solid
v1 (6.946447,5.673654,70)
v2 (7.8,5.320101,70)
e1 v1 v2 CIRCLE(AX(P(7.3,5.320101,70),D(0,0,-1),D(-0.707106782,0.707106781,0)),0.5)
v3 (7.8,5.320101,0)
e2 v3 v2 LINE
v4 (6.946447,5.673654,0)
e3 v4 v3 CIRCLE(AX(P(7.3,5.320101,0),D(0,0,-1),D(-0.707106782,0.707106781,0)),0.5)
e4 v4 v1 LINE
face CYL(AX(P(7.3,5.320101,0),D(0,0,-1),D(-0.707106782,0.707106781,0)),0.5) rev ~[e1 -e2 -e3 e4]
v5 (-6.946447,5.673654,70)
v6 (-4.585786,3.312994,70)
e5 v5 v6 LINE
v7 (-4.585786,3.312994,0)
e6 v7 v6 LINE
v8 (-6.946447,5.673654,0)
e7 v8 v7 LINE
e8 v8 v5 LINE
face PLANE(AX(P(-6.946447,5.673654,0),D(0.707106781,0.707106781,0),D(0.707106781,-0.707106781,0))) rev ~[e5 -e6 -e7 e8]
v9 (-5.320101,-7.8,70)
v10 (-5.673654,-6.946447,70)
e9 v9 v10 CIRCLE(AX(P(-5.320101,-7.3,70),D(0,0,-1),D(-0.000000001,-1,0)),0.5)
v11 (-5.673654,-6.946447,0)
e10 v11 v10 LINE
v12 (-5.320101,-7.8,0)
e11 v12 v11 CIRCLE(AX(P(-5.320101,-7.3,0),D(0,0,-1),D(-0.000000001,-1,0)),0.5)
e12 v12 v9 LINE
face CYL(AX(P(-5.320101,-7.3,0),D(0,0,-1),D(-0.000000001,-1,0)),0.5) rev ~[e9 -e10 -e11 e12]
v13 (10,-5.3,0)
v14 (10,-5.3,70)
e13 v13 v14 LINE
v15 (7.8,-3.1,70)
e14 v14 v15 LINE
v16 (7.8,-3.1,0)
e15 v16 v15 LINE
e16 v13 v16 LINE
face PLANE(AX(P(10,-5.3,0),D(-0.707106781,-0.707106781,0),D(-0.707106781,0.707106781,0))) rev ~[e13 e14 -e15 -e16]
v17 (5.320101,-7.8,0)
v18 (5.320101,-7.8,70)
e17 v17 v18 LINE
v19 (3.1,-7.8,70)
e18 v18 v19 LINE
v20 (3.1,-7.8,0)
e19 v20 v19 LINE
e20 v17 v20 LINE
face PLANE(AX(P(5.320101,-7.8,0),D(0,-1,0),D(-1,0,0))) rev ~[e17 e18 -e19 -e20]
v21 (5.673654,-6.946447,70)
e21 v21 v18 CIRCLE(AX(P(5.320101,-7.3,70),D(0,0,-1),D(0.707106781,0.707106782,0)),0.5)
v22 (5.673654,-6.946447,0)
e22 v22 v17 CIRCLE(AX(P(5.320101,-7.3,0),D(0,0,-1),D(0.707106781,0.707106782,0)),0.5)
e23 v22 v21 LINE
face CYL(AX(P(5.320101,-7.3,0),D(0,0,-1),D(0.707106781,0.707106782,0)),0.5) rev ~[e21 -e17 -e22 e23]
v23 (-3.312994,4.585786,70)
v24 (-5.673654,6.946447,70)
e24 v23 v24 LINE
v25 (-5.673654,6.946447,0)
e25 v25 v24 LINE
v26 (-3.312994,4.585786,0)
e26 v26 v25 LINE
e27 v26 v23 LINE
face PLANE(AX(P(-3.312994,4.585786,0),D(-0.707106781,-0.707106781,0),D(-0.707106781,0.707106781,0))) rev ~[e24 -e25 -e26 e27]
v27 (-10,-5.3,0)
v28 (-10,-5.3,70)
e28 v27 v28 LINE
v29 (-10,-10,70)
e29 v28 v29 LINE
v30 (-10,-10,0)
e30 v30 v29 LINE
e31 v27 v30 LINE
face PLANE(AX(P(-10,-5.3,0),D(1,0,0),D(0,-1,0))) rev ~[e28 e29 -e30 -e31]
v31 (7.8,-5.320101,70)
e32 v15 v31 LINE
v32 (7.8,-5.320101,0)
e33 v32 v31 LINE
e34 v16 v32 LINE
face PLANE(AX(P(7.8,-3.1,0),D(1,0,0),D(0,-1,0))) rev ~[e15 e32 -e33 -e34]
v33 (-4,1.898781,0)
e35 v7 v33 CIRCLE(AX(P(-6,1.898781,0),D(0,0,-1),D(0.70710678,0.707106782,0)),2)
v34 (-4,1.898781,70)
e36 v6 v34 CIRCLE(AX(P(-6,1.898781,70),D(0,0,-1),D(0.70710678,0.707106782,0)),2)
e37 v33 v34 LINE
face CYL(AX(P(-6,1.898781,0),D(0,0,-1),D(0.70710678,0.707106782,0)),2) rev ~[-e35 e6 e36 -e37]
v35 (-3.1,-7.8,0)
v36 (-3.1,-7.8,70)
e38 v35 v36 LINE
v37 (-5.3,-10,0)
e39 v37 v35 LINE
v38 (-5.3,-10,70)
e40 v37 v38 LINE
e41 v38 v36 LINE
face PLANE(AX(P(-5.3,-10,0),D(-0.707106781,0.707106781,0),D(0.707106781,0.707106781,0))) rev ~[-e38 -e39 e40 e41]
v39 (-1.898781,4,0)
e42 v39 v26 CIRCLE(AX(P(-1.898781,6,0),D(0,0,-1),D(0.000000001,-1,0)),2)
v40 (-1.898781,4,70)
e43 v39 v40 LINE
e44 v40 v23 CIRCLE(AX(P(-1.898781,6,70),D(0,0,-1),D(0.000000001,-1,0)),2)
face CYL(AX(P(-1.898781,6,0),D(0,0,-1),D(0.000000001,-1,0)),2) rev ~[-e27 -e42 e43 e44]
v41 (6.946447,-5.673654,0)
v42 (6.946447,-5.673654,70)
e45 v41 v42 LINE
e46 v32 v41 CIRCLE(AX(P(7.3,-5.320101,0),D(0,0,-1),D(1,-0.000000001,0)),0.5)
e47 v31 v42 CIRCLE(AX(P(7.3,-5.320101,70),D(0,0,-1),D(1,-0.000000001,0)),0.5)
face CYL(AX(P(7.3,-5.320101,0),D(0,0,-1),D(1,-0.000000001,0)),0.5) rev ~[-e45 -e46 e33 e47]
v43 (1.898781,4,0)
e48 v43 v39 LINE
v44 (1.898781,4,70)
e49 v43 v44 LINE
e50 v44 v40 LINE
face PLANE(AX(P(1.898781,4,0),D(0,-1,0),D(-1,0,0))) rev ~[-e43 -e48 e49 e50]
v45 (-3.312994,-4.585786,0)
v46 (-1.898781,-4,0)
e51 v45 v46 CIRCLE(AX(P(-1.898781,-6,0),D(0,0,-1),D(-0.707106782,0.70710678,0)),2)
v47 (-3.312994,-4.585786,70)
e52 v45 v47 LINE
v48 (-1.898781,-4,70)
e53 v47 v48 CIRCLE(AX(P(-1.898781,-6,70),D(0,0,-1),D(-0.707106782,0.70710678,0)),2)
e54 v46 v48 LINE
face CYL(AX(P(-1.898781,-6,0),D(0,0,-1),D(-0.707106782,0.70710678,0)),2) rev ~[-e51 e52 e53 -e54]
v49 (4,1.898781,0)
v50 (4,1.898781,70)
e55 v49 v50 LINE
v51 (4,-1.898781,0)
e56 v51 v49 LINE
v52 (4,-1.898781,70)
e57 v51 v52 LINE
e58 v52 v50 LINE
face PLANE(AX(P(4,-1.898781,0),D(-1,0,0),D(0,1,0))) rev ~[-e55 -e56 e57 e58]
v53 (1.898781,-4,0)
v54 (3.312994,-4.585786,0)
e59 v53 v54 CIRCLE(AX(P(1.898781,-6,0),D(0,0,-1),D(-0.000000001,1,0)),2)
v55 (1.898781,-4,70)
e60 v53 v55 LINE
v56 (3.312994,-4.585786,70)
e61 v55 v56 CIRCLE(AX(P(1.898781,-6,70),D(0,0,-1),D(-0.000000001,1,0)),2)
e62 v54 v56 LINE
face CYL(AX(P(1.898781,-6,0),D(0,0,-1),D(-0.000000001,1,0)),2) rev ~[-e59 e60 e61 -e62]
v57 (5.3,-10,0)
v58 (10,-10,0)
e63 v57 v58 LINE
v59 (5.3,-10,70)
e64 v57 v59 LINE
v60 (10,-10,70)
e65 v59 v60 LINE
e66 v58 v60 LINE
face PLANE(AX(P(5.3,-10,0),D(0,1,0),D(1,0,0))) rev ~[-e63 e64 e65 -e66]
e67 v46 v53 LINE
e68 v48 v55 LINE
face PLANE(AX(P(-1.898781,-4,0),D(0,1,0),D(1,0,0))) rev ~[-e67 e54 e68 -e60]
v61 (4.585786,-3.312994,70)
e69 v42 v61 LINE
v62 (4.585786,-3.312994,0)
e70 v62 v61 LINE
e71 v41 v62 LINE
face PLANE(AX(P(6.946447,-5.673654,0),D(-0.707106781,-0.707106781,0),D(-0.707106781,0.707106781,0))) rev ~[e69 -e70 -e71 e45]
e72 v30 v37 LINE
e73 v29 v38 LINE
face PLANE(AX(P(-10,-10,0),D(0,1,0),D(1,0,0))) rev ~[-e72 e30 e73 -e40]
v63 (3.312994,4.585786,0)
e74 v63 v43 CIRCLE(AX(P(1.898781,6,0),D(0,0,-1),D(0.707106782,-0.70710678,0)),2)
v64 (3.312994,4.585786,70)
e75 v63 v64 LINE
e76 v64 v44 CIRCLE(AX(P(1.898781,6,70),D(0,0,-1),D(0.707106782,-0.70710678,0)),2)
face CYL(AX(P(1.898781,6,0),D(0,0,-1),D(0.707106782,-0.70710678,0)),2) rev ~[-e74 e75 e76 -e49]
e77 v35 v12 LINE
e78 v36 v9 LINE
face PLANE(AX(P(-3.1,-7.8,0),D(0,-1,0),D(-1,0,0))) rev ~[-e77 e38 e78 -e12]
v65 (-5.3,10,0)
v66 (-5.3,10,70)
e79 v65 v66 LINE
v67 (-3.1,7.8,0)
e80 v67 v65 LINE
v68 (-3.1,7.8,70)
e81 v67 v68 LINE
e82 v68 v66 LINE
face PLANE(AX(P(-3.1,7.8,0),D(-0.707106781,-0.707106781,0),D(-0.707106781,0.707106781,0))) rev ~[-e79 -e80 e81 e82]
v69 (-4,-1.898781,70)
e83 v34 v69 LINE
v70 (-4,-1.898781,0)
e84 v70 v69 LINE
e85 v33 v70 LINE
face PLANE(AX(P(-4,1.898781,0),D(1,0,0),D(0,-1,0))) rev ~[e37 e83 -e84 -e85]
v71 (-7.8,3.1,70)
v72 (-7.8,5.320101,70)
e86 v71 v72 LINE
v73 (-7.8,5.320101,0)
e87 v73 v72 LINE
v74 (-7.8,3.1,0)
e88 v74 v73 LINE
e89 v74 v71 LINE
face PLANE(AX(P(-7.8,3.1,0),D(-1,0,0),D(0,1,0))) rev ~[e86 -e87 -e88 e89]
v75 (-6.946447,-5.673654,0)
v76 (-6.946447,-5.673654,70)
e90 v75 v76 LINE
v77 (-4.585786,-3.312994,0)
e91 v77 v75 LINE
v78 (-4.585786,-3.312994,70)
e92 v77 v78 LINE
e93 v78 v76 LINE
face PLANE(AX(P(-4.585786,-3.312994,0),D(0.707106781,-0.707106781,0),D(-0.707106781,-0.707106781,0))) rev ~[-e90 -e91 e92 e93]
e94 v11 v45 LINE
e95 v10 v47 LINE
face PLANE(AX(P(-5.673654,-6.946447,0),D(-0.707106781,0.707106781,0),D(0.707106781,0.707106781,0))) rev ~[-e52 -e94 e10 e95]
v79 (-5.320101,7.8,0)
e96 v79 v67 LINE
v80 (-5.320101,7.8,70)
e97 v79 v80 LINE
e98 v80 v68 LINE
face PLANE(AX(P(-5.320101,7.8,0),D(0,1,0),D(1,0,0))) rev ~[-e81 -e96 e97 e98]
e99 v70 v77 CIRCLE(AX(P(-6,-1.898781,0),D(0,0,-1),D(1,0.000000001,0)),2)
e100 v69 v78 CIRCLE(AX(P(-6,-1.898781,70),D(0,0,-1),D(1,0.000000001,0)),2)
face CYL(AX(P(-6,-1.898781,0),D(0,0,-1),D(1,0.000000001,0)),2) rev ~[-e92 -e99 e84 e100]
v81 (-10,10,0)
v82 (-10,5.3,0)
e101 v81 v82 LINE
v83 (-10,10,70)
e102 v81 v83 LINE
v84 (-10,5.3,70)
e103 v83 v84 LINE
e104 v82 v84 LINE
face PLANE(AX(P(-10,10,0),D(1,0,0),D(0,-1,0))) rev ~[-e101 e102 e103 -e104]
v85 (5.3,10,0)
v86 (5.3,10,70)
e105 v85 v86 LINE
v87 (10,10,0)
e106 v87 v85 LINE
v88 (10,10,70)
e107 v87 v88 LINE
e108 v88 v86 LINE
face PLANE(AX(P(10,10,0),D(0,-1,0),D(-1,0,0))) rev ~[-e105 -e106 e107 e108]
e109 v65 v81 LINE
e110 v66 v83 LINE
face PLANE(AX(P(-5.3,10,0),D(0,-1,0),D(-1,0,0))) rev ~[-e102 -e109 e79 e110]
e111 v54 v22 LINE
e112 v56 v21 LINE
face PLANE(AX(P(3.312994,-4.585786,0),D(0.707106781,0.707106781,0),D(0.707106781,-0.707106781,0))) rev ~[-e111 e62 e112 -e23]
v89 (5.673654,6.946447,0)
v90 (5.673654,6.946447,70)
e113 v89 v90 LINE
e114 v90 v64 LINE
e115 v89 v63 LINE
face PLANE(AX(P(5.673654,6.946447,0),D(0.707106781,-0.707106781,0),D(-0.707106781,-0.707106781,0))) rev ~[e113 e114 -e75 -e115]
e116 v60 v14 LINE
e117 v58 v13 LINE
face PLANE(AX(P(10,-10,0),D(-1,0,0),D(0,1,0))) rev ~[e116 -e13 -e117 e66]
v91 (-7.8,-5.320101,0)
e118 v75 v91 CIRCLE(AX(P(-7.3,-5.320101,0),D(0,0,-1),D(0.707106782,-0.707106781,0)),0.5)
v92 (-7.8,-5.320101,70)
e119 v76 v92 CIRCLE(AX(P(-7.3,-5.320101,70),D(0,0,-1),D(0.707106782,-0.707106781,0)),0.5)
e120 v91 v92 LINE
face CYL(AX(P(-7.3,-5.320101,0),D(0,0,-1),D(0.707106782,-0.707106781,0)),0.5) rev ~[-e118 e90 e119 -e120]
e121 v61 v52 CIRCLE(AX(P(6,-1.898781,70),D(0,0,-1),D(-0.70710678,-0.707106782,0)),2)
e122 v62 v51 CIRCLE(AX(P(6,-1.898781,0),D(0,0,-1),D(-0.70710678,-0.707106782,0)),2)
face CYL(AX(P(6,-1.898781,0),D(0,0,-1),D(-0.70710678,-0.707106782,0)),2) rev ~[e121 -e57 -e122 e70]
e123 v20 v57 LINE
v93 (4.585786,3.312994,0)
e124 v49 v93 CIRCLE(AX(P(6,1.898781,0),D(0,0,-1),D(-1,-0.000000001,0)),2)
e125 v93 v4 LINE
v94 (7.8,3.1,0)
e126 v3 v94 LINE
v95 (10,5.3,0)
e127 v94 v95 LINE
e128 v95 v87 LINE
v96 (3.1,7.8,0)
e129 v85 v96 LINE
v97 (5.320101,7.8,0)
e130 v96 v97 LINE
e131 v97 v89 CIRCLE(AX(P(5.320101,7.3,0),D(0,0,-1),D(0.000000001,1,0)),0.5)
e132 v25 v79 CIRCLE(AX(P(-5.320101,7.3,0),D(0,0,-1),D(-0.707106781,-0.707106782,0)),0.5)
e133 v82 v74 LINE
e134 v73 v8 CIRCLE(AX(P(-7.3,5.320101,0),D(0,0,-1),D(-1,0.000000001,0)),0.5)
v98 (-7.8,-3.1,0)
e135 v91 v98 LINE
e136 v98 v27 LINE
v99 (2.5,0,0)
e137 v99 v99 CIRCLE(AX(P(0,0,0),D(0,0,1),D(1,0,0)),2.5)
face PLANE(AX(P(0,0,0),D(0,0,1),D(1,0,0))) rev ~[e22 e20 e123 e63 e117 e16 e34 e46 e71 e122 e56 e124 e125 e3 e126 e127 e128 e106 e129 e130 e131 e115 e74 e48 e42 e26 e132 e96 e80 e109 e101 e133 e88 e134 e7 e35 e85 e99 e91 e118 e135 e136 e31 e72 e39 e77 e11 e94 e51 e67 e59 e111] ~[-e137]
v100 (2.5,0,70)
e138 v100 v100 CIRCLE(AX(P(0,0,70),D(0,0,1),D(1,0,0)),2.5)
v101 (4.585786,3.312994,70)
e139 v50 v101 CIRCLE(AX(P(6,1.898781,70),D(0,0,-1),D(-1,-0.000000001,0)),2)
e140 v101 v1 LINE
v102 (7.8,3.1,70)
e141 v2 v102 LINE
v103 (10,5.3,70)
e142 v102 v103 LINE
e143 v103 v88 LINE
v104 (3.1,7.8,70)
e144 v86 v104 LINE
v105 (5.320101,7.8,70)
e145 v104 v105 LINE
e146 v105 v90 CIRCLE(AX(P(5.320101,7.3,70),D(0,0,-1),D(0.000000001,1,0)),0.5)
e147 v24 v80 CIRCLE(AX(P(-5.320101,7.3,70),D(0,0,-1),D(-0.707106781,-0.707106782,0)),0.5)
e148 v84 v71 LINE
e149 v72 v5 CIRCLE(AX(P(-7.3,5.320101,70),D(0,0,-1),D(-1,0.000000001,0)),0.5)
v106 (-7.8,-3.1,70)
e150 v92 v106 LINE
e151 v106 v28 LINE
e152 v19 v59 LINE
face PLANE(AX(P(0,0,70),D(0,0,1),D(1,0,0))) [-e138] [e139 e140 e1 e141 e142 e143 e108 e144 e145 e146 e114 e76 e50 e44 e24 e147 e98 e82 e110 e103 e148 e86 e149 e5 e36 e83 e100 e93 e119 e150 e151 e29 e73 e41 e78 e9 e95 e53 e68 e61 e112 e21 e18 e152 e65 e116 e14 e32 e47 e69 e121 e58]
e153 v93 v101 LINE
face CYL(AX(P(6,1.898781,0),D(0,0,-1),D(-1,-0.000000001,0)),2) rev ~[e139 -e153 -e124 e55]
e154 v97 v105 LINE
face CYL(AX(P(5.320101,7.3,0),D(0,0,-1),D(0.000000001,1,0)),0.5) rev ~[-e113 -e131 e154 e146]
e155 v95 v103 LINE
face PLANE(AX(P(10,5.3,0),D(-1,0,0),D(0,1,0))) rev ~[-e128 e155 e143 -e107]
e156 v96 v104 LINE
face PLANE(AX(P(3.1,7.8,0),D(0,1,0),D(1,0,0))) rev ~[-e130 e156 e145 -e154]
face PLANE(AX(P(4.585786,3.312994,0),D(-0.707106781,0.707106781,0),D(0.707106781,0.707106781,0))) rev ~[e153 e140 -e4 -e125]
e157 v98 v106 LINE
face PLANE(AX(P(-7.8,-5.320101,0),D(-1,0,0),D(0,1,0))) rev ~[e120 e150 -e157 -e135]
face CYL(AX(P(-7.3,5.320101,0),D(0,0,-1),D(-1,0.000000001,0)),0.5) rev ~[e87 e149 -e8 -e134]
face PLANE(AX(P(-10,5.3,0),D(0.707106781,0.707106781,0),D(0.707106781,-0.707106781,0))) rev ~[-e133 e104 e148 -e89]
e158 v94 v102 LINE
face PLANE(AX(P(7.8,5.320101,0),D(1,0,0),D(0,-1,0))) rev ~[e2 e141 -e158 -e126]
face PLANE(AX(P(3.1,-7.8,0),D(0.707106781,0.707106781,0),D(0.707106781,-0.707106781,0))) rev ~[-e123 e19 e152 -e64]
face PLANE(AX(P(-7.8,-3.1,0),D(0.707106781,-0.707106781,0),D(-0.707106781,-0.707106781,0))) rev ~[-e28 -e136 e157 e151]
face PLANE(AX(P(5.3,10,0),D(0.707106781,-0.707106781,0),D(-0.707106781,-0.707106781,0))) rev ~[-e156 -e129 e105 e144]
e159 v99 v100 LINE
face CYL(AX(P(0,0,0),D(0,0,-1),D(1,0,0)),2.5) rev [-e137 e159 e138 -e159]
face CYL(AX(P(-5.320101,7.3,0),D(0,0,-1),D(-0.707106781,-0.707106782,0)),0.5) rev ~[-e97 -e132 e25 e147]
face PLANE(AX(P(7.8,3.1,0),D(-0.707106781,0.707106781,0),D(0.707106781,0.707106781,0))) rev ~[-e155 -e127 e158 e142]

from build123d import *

# Parameters (mm, degrees)
SKETCH1_R           = 2.5
BOSS_EXTRUDE1_DEPTH = 70


with BuildPart() as part:
    # Sketch1 → Boss-Extrude1 (new body)
    with BuildSketch(Plane.XY):
        with BuildLine():
            Line((-10, 10), (-10, 5.3))
            Line((-10, 5.3), (-7.8, 3.1))
            Line((-7.8, 3.1), (-7.8, 5.320101013))
            ThreePointArc((-7.8, 5.320101013), (-7.491341716, 5.782040779), (-6.946446609, 5.673654403))
            Line((-6.946446609, 5.673654403), (-4.585786438, 3.312994231))
            ThreePointArc((-4.585786438, 3.312994231), (-4.152240935, 2.664147534), (-4, 1.898780669))
            Line((-4, 1.898780669), (-4, 0))
            Line((-4, 0), (-4, -1.898780669))
            ThreePointArc((-4, -1.898780669), (-4.152240935, -2.664147534), (-4.585786438, -3.312994231))
            Line((-4.585786438, -3.312994231), (-6.946446609, -5.673654403))
            ThreePointArc((-6.946446609, -5.673654403), (-7.491341716, -5.782040779), (-7.8, -5.320101013))
            Line((-7.8, -5.320101013), (-7.8, -3.1))
            Line((-7.8, -3.1), (-10, -5.3))
            Line((-10, -5.3), (-10, -10))
            Line((-10, -10), (-5.3, -10))
            Line((-5.3, -10), (-3.1, -7.8))
            Line((-3.1, -7.8), (-5.320101013, -7.8))
            ThreePointArc((-5.320101013, -7.8), (-5.782040779, -7.491341716), (-5.673654403, -6.946446609))
            Line((-5.673654403, -6.946446609), (-3.312994231, -4.585786438))
            ThreePointArc((-3.312994231, -4.585786438), (-2.664147534, -4.152240935), (-1.898780669, -4))
            Line((-1.898780669, -4), (0, -4))
            Line((0, -4), (1.898780669, -4))
            ThreePointArc((1.898780669, -4), (2.664147534, -4.152240935), (3.312994231, -4.585786438))
            Line((3.312994231, -4.585786438), (5.673654403, -6.946446609))
            ThreePointArc((5.673654403, -6.946446609), (5.782040779, -7.491341716), (5.320101013, -7.8))
            Line((5.320101013, -7.8), (3.1, -7.8))
            Line((3.1, -7.8), (5.3, -10))
            Line((5.3, -10), (10, -10))
            Line((10, -10), (10, -5.3))
            Line((10, -5.3), (7.8, -3.1))
            Line((7.8, -3.1), (7.8, -5.320101013))
            ThreePointArc((7.8, -5.320101013), (7.491341716, -5.782040779), (6.946446609, -5.673654403))
            Line((6.946446609, -5.673654403), (4.585786438, -3.312994231))
            ThreePointArc((4.585786438, -3.312994231), (4.152240935, -2.664147534), (4, -1.898780669))
            Line((4, -1.898780669), (4, 0))
            Line((4, 0), (4, 1.898780669))
            ThreePointArc((4, 1.898780669), (4.152240935, 2.664147534), (4.585786438, 3.312994231))
            Line((4.585786438, 3.312994231), (6.946446609, 5.673654403))
            ThreePointArc((6.946446609, 5.673654403), (7.491341716, 5.782040779), (7.8, 5.320101013))
            Line((7.8, 5.320101013), (7.8, 3.1))
            Line((7.8, 3.1), (10, 5.3))
            Line((10, 5.3), (10, 10))
            Line((10, 10), (5.3, 10))
            Line((5.3, 10), (3.1, 7.8))
            Line((3.1, 7.8), (5.320101013, 7.8))
            ThreePointArc((5.320101013, 7.8), (5.782040779, 7.491341716), (5.673654403, 6.946446609))
            Line((5.673654403, 6.946446609), (3.312994231, 4.585786438))
            ThreePointArc((3.312994231, 4.585786438), (2.664147534, 4.152240935), (1.898780669, 4))
            Line((1.898780669, 4), (0, 4))
            Line((0, 4), (-1.898780669, 4))
            ThreePointArc((-1.898780669, 4), (-2.664147534, 4.152240935), (-3.312994231, 4.585786438))
            Line((-3.312994231, 4.585786438), (-5.673654403, 6.946446609))
            ThreePointArc((-5.673654403, 6.946446609), (-5.782040779, 7.491341716), (-5.320101013, 7.8))
            Line((-5.320101013, 7.8), (-3.1, 7.8))
            Line((-3.1, 7.8), (-5.3, 10))
            Line((-5.3, 10), (-10, 10))
        make_face()
        Circle(SKETCH1_R, mode=Mode.SUBTRACT)
    extrude(amount=BOSS_EXTRUDE1_DEPTH)


solid = part.part
